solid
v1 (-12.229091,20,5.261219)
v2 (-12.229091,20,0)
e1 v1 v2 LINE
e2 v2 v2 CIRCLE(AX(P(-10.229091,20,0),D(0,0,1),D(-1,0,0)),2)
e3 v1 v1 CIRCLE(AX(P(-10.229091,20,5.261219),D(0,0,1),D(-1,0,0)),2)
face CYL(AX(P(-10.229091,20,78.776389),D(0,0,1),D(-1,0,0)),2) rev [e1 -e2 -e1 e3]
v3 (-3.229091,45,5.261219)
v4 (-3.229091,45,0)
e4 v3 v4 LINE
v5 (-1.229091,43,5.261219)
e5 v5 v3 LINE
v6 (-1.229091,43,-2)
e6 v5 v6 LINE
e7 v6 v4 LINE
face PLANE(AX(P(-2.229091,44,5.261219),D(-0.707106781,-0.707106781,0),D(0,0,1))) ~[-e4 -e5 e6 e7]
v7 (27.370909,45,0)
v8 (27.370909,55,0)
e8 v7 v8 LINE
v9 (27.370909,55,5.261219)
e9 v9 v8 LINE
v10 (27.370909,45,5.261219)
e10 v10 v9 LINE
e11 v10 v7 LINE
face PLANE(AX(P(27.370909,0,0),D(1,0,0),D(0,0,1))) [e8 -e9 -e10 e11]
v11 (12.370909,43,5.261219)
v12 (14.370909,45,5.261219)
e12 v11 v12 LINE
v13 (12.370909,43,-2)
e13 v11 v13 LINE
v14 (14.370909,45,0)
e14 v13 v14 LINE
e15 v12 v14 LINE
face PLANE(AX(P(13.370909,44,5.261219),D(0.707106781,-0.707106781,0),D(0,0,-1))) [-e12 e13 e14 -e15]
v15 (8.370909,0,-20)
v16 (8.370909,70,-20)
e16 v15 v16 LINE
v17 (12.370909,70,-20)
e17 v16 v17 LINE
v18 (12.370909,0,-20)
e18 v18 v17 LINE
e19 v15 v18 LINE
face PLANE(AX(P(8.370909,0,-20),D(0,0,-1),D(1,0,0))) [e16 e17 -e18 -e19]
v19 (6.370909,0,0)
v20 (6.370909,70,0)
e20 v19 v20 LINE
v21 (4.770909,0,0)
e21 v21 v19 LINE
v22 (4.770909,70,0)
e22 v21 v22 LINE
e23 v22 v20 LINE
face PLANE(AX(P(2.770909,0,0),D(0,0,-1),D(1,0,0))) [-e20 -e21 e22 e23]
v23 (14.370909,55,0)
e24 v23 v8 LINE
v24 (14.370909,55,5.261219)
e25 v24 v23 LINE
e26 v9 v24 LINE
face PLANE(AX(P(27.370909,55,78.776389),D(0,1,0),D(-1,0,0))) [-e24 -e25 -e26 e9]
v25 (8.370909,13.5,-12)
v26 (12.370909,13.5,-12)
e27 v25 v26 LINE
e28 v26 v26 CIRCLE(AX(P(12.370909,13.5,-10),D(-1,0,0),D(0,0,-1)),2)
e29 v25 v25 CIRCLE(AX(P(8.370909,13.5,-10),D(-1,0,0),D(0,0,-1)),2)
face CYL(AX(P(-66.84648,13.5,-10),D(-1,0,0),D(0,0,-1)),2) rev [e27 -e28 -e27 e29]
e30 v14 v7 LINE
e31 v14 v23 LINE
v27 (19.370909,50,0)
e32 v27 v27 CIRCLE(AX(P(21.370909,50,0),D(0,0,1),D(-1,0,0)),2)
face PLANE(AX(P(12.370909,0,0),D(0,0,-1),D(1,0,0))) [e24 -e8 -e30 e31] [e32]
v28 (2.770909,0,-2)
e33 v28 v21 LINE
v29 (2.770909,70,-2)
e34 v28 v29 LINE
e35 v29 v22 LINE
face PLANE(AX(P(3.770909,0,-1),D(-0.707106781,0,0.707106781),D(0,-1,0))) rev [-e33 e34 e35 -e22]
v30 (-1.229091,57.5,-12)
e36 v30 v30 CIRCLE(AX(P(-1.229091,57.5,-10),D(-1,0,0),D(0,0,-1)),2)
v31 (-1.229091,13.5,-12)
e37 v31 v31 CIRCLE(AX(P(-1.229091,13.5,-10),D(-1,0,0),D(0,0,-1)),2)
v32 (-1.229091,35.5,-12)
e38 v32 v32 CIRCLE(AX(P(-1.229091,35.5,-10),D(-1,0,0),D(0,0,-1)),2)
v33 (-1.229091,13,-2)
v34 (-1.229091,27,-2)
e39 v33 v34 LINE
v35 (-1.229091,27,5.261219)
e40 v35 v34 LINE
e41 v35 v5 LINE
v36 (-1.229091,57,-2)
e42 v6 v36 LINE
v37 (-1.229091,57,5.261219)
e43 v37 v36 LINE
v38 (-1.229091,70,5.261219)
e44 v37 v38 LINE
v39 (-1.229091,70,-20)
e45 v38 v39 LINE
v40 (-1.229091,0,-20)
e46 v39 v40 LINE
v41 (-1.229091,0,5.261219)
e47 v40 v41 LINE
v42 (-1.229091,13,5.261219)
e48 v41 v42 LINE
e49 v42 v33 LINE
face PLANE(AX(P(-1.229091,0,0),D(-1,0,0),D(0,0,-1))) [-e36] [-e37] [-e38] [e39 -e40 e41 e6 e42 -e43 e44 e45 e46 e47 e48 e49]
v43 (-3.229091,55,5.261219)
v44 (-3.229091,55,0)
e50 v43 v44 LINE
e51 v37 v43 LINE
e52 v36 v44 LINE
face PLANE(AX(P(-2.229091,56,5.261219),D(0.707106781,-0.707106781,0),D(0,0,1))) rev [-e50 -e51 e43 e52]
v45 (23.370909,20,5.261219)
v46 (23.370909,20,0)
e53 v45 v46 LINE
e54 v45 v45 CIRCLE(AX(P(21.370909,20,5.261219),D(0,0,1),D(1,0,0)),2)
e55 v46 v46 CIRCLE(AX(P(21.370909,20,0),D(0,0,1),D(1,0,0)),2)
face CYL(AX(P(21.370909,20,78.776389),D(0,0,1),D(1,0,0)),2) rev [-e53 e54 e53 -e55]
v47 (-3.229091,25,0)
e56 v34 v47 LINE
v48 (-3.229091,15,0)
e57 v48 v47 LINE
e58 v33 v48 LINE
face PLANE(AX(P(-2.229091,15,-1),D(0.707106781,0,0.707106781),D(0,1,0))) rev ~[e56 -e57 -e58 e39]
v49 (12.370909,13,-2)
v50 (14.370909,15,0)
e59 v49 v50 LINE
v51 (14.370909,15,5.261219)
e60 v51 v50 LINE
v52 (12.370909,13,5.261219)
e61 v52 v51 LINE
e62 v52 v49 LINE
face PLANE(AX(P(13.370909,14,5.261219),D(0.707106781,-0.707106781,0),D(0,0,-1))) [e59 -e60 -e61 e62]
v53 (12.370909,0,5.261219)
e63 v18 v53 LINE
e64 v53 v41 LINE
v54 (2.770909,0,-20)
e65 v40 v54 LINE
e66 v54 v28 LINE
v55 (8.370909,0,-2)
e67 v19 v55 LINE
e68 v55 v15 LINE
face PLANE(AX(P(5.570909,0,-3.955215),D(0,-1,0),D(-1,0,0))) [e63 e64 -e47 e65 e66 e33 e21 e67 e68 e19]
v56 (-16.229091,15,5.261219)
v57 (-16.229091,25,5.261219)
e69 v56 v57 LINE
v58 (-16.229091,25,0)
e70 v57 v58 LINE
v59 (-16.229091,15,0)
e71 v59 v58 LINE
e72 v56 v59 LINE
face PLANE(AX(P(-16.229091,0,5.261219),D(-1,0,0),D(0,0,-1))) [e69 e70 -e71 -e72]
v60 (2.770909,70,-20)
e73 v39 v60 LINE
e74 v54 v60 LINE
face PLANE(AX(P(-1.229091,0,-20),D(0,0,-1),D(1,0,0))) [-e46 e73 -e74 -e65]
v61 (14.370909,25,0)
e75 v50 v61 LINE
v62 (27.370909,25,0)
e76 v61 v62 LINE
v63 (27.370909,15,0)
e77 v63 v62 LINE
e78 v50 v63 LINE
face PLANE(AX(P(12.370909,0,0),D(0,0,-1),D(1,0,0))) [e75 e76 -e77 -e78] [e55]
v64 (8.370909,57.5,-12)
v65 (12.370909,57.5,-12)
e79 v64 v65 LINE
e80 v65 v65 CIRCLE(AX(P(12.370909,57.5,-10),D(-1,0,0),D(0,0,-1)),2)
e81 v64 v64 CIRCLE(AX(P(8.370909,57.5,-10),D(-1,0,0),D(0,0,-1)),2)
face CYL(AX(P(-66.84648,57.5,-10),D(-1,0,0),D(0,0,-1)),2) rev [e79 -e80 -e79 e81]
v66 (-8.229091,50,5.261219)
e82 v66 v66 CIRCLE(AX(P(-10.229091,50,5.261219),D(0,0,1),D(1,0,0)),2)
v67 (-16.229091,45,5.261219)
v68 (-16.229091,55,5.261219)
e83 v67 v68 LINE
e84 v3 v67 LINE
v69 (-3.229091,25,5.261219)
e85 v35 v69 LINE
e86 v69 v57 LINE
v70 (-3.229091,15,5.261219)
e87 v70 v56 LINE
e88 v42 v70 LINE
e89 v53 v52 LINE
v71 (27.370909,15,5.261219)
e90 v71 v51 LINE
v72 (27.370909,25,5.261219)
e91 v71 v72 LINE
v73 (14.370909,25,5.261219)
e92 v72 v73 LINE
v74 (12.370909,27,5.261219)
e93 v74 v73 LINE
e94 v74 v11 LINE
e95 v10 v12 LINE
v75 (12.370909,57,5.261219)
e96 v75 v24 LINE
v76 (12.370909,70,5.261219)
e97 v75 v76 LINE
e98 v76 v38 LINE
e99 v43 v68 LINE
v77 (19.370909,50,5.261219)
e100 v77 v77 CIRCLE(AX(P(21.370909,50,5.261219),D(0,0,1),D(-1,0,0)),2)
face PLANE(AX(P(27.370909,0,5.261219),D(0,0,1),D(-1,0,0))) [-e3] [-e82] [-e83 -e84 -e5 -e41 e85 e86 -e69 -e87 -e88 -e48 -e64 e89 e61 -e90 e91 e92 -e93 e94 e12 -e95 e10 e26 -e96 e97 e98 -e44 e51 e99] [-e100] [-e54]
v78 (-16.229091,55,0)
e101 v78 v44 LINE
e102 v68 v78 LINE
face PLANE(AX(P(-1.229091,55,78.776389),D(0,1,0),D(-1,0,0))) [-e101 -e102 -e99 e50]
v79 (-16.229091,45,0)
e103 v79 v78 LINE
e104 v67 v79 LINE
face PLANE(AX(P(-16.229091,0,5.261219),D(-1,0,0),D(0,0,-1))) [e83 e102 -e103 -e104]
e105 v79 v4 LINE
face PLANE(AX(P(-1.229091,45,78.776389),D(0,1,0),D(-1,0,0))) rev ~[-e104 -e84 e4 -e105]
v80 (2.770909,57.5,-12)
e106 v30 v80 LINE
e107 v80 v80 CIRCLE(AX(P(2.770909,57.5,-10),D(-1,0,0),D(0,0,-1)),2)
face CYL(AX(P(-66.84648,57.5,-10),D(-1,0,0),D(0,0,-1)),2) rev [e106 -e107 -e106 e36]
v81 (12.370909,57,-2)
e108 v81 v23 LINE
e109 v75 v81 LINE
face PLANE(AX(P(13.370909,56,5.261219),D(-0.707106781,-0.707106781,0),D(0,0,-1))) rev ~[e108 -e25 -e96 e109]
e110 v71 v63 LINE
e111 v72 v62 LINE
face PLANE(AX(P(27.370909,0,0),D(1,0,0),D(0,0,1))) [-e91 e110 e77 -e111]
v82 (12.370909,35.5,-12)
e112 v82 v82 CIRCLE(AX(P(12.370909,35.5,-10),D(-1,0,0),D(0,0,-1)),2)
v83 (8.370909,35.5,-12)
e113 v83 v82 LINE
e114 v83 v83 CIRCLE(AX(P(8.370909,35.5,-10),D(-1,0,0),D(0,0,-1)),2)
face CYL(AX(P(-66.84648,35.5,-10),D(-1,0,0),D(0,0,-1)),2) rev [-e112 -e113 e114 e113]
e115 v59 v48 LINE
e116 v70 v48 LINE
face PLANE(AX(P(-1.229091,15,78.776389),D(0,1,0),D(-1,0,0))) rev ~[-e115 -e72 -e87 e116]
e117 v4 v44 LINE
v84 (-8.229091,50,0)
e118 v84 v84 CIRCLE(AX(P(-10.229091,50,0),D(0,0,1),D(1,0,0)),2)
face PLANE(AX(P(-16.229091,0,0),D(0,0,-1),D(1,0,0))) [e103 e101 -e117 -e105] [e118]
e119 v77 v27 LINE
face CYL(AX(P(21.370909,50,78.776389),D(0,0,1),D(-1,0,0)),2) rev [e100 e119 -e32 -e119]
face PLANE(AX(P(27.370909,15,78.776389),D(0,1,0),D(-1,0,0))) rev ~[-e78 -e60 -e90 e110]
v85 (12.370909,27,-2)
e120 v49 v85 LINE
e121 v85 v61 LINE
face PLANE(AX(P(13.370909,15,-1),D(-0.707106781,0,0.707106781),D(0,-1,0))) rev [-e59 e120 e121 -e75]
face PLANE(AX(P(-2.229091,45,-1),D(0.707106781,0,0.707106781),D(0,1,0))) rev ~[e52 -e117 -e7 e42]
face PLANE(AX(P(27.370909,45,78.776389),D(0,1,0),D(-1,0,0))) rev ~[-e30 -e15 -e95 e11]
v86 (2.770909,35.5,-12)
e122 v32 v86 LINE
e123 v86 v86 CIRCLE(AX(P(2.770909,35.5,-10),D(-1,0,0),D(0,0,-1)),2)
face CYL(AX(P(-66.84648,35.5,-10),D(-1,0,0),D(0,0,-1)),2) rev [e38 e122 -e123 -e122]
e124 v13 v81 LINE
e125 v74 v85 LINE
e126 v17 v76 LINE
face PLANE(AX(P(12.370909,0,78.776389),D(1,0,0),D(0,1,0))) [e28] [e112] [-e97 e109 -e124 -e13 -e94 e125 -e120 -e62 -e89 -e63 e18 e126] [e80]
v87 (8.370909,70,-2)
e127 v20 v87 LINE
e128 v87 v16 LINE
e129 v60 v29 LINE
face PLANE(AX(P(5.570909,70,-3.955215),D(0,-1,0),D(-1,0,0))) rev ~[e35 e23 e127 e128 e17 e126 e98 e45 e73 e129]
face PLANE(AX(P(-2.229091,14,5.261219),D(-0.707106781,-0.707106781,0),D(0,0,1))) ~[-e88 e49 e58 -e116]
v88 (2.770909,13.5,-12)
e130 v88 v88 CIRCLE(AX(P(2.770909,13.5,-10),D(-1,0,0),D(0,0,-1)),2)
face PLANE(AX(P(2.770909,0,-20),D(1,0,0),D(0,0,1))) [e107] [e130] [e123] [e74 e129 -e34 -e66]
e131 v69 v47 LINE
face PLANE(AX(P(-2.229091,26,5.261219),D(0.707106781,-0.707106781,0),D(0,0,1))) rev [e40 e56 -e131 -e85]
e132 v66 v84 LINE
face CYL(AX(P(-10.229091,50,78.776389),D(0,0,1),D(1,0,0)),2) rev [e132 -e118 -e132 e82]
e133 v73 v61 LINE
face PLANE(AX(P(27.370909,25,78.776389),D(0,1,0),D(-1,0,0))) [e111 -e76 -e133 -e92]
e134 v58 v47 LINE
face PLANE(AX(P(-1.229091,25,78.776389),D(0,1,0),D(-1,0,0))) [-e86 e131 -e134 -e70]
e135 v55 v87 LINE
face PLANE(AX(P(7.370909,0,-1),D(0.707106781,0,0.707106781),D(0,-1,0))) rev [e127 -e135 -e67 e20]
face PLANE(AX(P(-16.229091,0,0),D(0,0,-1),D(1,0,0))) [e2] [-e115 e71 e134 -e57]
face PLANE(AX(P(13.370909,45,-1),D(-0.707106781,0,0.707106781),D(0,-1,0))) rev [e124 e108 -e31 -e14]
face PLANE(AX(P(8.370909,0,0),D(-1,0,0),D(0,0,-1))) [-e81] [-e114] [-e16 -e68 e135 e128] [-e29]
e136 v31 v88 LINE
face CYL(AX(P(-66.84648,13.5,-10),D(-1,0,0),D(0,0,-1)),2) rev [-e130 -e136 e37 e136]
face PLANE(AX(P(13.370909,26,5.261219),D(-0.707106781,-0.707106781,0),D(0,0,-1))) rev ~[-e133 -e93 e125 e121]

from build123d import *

# Parameters (mm, degrees)
BOSS_EXTRUDE1_DEPTH     = 70
CUT_EXTRUDE1_DEPTH      = 78.776388862
CUT_EXTRUDE1_DEPTH_BACK = 78.776388862
SKETCH2_R               = 2
SKETCH2_W               = 15
SKETCH2_H               = 15
SKETCH2_H_2             = 20
CUT_EXTRUDE2_DEPTH      = 79.217389371
CUT_EXTRUDE2_DEPTH_BACK = 79.217389371
SKETCH3_R               = 2
CHAMFER1_SIZE           = 2


with BuildPart() as part:
    # Sketch1 → Boss-Extrude1 (new body)
    with BuildSketch(Plane(origin=(0, 0, 0), x_dir=(1, 0, 0), z_dir=(0, 1, 0))):
        Polygon((-16.229090909, 0), (-1.229090909, 0), (-1.229090909, 20), (2.770909091, 20), (2.770909091, 0), (8.370909091, 0), (8.370909091, 20), (12.370909091, 20), (12.370909091, 0), (27.370909091, 0), (27.370909091, -5.261218749), (-16.229090909, -5.261218749), align=None)
    extrude(amount=BOSS_EXTRUDE1_DEPTH)

    # Sketch2 → Cut-Extrude1 (cut, two sides: drawn at the far end of the back side and taken through both)
    with BuildSketch(Plane(origin=(0, 0, 0), x_dir=(-1, 0, 0), z_dir=(0, 0, -1)).offset(-CUT_EXTRUDE1_DEPTH_BACK)):
        with Locations((-21.370909091, 50)):
            Circle(SKETCH2_R)
        with Locations(Location((10.229090909, 50, 0), (0, 0, 180))):
            Circle(SKETCH2_R)
        with Locations((10.229090909, 20)):
            Circle(SKETCH2_R)
        with Locations(Location((-21.370909091, 20, 0), (0, 0, 180))):
            Circle(SKETCH2_R)
        with Locations((-19.870909091, 62.5)):
            Rectangle(SKETCH2_W, SKETCH2_H)
        with Locations((-19.870909091, 35)):
            Rectangle(SKETCH2_W, SKETCH2_H_2)
        with Locations((8.729090909, 35)):
            Rectangle(SKETCH2_W, SKETCH2_H_2)
        with Locations((8.729090909, 62.5)):
            Rectangle(SKETCH2_W, SKETCH2_H)
        with Locations((8.729090909, 7.5)):
            Rectangle(SKETCH2_W, SKETCH2_H)
        with Locations((-19.870909091, 7.5)):
            Rectangle(SKETCH2_W, SKETCH2_H)
    extrude(amount=CUT_EXTRUDE1_DEPTH + CUT_EXTRUDE1_DEPTH_BACK, mode=Mode.SUBTRACT)

    # Sketch3 → Cut-Extrude2 (cut, two sides: drawn at the far end of the back side and taken through both)
    with BuildSketch(Plane(origin=(12.370909091, 0, 0), x_dir=(0, 0, -1), z_dir=(1, 0, 0)).offset(-CUT_EXTRUDE2_DEPTH_BACK)):
        with Locations((10, 57.5)):
            Circle(SKETCH3_R)
        with Locations((10, 35.5)):
            Circle(SKETCH3_R)
        with Locations((10, 13.5)):
            Circle(SKETCH3_R)
    extrude(amount=CUT_EXTRUDE2_DEPTH + CUT_EXTRUDE2_DEPTH_BACK, mode=Mode.SUBTRACT)

    # Chamfer1
    chamfer1_edges = [part.edges().sort_by_distance(p)[0] for p in [
        (-1.229090909, 25, 2.630609375),
        (12.370909091, 25, 2.630609375),
        (12.370909091, 45, 2.630609375),
        (12.370909091, 55, 2.630609375),
        (2.770909091, 35, 0),
        (8.370909091, 35, 0),
        (12.370909091, 50, 0),
        (12.370909091, 20, 0),
        (-1.229090909, 50, 0),
        (-1.229090909, 20, 0),
        (12.370909091, 15, 2.630609375),
        (-1.229090909, 15, 2.630609375),
        (-1.229090909, 55, 2.630609375),
        (-1.229090909, 45, 2.630609375),
    ]]
    chamfer(chamfer1_edges, length=CHAMFER1_SIZE)


solid = part.part
